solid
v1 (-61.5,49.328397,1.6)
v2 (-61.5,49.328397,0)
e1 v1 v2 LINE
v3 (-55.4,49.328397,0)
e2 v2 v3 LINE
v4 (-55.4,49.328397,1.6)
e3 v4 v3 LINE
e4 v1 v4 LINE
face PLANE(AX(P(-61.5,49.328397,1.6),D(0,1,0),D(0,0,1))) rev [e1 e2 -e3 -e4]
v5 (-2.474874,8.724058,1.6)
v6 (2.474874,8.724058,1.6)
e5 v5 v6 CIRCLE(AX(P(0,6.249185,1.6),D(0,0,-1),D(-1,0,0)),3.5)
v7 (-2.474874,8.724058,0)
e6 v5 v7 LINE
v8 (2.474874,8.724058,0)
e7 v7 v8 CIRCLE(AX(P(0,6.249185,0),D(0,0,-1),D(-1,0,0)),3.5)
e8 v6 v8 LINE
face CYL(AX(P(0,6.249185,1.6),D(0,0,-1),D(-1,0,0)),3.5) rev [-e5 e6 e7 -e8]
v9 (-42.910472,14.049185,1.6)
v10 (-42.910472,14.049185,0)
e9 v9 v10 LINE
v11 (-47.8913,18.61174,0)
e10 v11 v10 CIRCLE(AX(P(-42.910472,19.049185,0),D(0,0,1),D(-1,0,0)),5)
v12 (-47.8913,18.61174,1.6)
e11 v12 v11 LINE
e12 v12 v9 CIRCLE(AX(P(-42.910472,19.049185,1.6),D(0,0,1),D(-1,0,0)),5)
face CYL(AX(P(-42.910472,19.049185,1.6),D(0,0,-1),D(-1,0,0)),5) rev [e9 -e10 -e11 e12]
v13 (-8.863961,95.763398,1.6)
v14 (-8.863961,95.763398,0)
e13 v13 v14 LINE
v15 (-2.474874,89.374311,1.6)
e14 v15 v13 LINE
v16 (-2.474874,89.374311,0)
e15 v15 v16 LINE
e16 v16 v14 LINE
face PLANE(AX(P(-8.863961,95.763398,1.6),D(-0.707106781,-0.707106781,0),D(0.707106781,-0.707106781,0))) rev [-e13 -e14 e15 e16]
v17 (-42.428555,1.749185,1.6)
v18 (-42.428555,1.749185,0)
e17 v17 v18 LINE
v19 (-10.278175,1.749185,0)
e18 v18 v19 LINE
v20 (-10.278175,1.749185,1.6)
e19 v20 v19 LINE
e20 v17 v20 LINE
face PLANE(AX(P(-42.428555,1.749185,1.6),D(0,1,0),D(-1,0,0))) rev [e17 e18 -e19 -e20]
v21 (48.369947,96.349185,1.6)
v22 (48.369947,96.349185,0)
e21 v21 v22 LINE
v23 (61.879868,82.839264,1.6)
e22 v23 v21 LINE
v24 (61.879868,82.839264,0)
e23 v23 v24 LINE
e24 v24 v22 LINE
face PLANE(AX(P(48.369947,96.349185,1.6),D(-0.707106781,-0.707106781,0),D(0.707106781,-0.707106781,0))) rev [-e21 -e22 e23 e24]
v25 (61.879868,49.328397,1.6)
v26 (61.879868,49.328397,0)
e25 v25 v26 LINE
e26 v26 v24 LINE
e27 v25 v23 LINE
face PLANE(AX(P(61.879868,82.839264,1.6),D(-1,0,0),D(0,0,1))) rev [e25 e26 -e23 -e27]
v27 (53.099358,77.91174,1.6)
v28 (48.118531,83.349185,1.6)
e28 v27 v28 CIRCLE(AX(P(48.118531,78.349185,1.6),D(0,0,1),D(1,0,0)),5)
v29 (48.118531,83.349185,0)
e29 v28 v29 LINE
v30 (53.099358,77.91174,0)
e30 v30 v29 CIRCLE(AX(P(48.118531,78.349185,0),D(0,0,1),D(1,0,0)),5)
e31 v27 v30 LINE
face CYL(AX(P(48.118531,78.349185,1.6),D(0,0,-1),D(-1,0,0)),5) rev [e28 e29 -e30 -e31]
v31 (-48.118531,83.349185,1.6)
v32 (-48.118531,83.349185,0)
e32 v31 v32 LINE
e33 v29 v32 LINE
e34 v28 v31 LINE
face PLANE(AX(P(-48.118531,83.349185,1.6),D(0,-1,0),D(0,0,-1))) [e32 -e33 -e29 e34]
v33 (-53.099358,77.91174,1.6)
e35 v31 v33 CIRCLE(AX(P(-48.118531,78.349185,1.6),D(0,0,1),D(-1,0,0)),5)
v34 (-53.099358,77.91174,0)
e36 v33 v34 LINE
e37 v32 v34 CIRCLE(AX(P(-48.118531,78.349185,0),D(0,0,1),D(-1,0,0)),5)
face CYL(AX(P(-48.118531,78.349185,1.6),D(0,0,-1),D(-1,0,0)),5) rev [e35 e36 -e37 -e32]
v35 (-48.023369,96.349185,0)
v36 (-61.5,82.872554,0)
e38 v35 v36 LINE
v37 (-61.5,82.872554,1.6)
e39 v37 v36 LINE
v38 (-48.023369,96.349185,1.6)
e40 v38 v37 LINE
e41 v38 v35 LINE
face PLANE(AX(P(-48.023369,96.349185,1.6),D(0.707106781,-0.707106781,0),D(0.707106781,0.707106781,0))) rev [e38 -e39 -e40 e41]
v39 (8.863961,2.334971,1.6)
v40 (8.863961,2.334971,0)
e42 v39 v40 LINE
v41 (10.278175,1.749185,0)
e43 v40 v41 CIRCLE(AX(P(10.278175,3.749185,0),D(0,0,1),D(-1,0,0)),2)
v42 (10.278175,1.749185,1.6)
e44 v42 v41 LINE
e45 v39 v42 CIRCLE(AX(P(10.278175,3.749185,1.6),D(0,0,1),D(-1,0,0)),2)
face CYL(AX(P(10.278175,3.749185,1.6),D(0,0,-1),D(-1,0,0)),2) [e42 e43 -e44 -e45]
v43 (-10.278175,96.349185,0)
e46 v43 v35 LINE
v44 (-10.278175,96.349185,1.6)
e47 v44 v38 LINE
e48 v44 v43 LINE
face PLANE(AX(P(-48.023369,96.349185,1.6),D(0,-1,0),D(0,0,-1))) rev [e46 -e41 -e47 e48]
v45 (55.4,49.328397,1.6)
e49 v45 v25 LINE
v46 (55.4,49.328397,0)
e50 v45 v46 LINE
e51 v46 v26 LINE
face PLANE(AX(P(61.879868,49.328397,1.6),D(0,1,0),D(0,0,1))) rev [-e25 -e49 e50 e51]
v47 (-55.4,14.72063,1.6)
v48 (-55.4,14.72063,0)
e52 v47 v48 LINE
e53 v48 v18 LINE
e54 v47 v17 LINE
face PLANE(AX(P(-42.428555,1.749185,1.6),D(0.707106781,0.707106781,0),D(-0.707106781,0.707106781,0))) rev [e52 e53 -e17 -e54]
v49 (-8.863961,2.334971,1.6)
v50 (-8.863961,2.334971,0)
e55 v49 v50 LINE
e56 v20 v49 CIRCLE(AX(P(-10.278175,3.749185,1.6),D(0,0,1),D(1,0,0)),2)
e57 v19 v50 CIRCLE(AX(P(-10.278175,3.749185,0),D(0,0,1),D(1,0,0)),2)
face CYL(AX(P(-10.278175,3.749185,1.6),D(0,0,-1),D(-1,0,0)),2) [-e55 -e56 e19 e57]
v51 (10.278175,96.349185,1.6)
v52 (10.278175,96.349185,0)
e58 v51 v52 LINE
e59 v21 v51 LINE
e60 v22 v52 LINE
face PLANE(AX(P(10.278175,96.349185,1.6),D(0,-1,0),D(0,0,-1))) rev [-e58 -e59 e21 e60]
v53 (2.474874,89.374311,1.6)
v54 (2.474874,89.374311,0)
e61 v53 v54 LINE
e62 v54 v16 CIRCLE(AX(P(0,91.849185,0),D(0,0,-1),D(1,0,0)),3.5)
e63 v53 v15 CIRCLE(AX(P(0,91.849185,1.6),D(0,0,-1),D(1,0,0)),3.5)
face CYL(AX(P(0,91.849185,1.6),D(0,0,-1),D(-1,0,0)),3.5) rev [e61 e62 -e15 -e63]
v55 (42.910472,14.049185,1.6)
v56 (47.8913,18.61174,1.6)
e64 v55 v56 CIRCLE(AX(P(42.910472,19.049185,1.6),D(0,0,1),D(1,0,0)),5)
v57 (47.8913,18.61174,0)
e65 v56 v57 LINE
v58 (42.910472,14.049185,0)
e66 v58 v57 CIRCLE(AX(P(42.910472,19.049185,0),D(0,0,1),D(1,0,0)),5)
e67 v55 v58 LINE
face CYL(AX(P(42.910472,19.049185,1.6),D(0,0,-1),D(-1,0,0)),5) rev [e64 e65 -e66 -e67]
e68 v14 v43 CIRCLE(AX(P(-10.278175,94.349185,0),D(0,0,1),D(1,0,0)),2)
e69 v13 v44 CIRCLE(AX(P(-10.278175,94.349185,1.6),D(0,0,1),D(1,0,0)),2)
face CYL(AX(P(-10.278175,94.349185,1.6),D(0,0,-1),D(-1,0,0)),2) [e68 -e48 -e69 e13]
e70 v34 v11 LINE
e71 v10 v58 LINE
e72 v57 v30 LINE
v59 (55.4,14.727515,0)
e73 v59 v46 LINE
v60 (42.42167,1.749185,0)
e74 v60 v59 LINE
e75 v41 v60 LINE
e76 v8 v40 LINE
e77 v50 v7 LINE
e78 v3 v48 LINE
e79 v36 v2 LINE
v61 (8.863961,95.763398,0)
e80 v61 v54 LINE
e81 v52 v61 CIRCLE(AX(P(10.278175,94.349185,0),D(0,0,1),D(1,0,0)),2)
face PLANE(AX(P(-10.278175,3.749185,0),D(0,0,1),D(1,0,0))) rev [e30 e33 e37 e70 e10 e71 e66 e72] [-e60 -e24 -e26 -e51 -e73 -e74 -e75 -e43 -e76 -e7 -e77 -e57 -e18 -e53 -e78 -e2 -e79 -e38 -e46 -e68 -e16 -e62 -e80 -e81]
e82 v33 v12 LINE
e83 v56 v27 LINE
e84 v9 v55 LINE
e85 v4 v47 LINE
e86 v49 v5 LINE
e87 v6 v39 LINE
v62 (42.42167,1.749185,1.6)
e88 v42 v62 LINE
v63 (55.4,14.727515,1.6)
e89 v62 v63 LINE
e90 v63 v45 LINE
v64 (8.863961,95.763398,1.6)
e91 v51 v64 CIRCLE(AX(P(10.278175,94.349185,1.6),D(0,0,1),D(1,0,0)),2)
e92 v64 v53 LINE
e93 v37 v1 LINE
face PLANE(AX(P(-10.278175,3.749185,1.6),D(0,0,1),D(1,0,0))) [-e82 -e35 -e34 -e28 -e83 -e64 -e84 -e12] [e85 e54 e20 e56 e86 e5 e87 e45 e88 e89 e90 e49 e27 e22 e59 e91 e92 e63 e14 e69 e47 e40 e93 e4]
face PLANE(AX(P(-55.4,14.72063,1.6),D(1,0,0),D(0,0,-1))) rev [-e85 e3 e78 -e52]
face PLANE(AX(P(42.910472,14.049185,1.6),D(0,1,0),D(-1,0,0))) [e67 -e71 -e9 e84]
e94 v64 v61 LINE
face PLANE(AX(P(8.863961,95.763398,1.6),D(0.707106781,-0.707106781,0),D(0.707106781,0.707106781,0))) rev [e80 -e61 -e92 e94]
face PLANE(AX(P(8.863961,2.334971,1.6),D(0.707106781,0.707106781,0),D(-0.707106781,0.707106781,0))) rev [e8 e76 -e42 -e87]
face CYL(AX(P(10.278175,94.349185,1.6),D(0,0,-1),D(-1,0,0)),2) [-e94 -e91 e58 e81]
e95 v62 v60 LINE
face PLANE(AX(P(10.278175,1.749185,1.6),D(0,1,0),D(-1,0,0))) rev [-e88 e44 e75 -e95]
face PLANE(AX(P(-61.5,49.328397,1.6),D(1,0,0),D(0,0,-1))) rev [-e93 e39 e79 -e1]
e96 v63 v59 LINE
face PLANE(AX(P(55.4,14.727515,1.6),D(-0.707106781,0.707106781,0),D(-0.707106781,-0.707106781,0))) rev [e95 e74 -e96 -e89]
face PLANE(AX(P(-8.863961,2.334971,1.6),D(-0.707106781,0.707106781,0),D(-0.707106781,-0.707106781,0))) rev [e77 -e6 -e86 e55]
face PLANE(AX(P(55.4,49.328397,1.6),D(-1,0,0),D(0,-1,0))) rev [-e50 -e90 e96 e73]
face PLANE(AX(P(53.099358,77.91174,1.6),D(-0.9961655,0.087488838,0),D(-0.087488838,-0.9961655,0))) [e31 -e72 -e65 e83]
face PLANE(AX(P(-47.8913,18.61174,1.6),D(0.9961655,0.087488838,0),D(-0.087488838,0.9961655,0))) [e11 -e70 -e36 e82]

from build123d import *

# Parameters (mm, degrees)
EXTRUSION1_DEPTH = 1.6


with BuildPart() as part:
    # Esquisse1 → Extrusion1 (new body)
    with BuildSketch(Plane.XY):
        with BuildLine():
            Line((-48.023369217, 96.349184509), (-10.278174593, 96.349184509))
            ThreePointArc((-10.278174593, 96.349184509), (-9.512807728, 96.196943574), (-8.863961031, 95.763398071))
            Line((-8.863961031, 95.763398071), (-2.474873734, 89.374310774))
            ThreePointArc((-2.474873734, 89.374310774), (0, 88.349184509), (2.474873734, 89.374310774))
            Line((2.474873734, 89.374310774), (8.863961031, 95.763398071))
            ThreePointArc((8.863961031, 95.763398071), (9.512807728, 96.196943574), (10.278174593, 96.349184509))
            Line((10.278174593, 96.349184509), (48.369947474, 96.349184509))
            Line((48.369947474, 96.349184509), (61.879867656, 82.839264327))
            Line((61.879867656, 82.839264327), (61.879867656, 49.32839662))
            Line((61.879867656, 49.32839662), (55.4, 49.32839662))
            Line((55.4, 49.32839662), (55.4, 14.727514678))
            Line((55.4, 14.727514678), (42.421669831, 1.749184509))
            Line((42.421669831, 1.749184509), (10.278174593, 1.749184509))
            ThreePointArc((10.278174593, 1.749184509), (9.512807728, 1.901425444), (8.863961031, 2.334970946))
            Line((8.863961031, 2.334970946), (2.474873734, 8.724058243))
            ThreePointArc((2.474873734, 8.724058243), (0, 9.749184509), (-2.474873734, 8.724058243))
            Line((-2.474873734, 8.724058243), (-8.863961031, 2.334970946))
            ThreePointArc((-8.863961031, 2.334970946), (-9.512807728, 1.901425444), (-10.278174593, 1.749184509))
            Line((-10.278174593, 1.749184509), (-42.428554593, 1.749184509))
            Line((-42.428554593, 1.749184509), (-55.4, 14.720629916))
            Line((-55.4, 14.720629916), (-55.4, 49.32839662))
            Line((-55.4, 49.32839662), (-61.5, 49.32839662))
            Line((-61.5, 49.32839662), (-61.5, 82.872553726))
            Line((-61.5, 82.872553726), (-48.023369217, 96.349184509))
        make_face()
        with BuildLine():
            Line((-48.118530535, 83.349184509), (48.118530535, 83.349184509))
            ThreePointArc((48.118530535, 83.349184509), (51.805481915, 81.726519186), (53.099358035, 77.911740318))
            Line((53.099358035, 77.911740318), (47.891299628, 18.611740318))
            ThreePointArc((47.891299628, 18.611740318), (46.287806806, 15.362233129), (42.910472129, 14.049184509))
            Line((42.910472129, 14.049184509), (-42.910472129, 14.049184509))
            ThreePointArc((-42.910472129, 14.049184509), (-46.287806806, 15.362233129), (-47.891299628, 18.611740318))
            Line((-47.891299628, 18.611740318), (-53.099358035, 77.911740318))
            ThreePointArc((-53.099358035, 77.911740318), (-51.805481915, 81.726519186), (-48.118530535, 83.349184509))
        make_face(mode=Mode.SUBTRACT)
    extrude(amount=EXTRUSION1_DEPTH)


solid = part.part
